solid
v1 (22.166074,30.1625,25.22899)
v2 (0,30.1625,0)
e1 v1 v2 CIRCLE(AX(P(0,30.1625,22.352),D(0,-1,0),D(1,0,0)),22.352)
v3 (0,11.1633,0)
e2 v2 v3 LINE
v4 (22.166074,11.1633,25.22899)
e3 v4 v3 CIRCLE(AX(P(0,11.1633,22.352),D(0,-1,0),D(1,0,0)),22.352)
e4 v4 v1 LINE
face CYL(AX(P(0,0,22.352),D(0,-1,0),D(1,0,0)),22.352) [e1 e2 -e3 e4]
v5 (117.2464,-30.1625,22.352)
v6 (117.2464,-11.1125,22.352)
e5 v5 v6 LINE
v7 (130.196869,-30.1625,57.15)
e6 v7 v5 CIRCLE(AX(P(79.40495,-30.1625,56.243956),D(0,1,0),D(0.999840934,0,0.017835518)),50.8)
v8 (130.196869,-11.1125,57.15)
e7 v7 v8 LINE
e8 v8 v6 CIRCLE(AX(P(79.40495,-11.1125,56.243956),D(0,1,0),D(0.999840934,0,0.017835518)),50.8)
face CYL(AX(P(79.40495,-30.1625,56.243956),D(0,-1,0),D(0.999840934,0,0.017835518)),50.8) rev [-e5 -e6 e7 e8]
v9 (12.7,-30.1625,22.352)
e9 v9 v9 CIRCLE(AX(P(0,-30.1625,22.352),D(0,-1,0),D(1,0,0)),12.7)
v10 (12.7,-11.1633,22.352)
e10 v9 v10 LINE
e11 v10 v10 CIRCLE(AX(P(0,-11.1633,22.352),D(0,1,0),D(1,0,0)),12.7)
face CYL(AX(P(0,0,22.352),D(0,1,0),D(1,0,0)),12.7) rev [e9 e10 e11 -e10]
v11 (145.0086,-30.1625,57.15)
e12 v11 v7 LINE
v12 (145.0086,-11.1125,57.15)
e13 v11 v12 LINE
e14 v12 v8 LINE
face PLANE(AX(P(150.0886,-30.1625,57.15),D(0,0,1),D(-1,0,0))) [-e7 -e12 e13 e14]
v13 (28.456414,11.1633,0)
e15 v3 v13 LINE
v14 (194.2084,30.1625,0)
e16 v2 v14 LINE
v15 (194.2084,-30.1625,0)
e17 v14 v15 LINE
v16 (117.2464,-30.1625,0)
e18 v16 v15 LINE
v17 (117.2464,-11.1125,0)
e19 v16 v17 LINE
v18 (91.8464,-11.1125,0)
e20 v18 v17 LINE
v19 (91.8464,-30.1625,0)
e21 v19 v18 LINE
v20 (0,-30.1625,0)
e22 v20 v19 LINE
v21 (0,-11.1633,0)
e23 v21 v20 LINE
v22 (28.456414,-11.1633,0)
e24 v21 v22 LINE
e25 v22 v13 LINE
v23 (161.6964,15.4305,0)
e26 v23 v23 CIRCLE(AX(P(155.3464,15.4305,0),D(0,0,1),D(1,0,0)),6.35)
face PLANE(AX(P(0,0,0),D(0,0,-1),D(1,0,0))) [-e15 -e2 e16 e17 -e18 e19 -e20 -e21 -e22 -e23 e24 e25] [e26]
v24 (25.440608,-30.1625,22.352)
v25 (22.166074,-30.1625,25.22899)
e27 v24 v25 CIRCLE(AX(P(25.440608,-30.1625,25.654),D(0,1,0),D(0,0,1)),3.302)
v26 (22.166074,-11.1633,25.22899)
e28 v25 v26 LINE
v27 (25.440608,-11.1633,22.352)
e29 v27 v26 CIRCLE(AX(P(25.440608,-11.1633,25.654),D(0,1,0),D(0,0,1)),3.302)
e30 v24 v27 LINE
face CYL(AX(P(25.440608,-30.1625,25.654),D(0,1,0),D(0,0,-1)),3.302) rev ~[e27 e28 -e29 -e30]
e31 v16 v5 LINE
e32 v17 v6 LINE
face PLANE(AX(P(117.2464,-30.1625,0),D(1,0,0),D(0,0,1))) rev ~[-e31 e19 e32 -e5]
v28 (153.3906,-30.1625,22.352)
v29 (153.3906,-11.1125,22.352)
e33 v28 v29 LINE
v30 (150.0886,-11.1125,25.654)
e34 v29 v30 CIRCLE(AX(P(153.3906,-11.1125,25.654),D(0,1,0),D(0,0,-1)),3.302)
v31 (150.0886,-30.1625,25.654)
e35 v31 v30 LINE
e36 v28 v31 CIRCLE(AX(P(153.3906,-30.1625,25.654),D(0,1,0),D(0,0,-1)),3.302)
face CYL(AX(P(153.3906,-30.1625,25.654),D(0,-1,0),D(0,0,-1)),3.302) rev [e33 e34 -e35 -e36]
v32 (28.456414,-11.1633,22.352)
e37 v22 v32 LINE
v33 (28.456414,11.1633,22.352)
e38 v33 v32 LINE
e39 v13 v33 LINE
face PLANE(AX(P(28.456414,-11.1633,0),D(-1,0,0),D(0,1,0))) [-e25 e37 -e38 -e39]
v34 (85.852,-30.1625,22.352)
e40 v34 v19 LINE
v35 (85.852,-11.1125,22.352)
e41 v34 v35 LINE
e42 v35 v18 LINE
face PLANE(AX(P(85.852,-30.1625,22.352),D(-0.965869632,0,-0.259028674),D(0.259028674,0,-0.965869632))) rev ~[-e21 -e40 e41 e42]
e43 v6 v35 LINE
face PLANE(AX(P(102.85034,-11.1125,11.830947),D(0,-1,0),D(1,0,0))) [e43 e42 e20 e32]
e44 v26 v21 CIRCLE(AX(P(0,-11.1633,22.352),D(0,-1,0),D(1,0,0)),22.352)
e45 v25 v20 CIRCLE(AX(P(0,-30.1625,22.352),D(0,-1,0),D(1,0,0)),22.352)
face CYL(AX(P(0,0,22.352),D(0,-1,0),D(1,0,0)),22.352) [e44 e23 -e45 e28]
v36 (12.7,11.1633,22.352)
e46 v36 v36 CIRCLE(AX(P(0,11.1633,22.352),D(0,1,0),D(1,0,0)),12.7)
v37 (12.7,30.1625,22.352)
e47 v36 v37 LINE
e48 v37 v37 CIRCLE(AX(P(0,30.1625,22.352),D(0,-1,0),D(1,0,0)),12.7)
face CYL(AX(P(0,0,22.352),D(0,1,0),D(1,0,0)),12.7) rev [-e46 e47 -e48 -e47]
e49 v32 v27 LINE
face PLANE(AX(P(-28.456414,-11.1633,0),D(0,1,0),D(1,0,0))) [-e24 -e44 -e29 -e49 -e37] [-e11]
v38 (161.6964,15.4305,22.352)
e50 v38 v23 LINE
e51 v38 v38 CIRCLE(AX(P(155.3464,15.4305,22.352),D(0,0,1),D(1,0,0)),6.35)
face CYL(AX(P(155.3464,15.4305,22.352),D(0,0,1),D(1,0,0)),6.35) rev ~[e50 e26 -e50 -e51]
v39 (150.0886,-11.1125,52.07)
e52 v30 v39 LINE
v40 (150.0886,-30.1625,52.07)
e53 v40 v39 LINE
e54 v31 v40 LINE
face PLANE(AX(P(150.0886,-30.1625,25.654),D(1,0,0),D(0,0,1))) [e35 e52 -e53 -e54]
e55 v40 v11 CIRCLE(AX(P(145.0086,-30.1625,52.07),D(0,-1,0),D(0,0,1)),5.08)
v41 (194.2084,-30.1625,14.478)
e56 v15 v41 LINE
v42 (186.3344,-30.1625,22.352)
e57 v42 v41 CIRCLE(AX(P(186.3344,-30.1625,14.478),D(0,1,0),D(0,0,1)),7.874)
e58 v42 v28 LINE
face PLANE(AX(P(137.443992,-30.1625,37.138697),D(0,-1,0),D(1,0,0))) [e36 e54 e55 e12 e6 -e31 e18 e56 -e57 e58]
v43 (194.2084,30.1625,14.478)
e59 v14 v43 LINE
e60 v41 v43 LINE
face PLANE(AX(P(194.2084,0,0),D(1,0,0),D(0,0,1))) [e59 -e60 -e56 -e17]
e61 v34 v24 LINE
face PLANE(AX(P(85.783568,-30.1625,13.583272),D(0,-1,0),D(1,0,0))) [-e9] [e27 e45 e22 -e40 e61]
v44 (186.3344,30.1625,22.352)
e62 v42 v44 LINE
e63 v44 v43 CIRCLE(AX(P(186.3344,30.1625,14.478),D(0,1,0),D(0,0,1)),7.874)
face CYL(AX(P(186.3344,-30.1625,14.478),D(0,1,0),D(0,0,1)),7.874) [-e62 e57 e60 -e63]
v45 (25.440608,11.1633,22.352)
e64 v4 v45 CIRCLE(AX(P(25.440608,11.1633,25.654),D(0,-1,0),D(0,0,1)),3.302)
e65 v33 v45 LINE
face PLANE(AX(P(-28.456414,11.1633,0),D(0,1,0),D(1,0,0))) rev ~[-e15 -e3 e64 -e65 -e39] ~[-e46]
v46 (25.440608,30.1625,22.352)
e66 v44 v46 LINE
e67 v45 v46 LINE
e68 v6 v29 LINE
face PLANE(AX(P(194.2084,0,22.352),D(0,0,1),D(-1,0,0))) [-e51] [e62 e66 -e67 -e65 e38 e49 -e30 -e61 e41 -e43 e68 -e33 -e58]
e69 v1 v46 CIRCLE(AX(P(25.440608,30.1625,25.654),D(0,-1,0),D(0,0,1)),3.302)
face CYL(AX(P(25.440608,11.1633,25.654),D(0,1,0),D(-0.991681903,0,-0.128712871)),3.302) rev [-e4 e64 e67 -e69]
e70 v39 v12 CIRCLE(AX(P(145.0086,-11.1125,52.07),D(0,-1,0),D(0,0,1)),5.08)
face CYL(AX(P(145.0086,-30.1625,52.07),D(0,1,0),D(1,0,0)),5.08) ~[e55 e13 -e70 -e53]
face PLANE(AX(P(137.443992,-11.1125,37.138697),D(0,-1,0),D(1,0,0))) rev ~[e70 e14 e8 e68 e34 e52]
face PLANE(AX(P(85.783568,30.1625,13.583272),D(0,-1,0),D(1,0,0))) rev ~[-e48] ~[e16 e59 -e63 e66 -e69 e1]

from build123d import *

# Parameters (mm, degrees)
F0_R      = 12.7
F1_DEPTH  = 30.1625
F2_W      = 56.912827603
F2_H      = 22.3266
F3_DEPTH  = 44.705
F4_R      = 3.302
F5_R      = 3.302
F6_R      = 6.35
F7_DEPTH  = 22.353
F9_DEPTH  = 19.05
F11_DEPTH = 19.05
F12_R     = 7.874
F13_R     = 5.08


with BuildPart() as f1:
    # F0 (on Front) → F1 (new body, symmetric)
    with BuildSketch(Plane.XZ):
        with BuildLine():
            ThreePointArc((22.352, 22.352), (-15.8052507731, 38.1572507731), (0, 0))
            Line((0, 0), (194.2084, 0))
            Line((194.2084, 0), (194.2084, 22.352))
            Line((194.2084, 22.352), (22.352, 22.352))
        make_face()
        with Locations((0, 22.352)):
            Circle(F0_R, mode=Mode.SUBTRACT)
    extrude(amount=F1_DEPTH, both=True)

    # F2 (on Top) → F3 (cut, through all)
    with BuildSketch(Plane.XY):
        Rectangle(F2_W, F2_H)
    extrude(amount=F3_DEPTH, mode=Mode.SUBTRACT)

    # F4
    f4_edges = [f1.edges().sort_by_distance(p)[0] for p in [
        (22.352, 20.6629, 22.352),
    ]]
    fillet(f4_edges, radius=F4_R)

    # F5
    f5_edges = [f1.edges().sort_by_distance(p)[0] for p in [
        (22.352, -20.6629, 22.352),
    ]]
    fillet(f5_edges, radius=F5_R)

    # F6 (on face) → F7 (cut, through all)
    with BuildSketch(Plane.XY.offset(22.352)):
        with Locations((155.3464, 15.4305)):
            Circle(F6_R)
    extrude(amount=-F7_DEPTH, mode=Mode.SUBTRACT)

    # F8 (on face) → F9 (cut)
    with BuildSketch(Plane.XZ.offset(30.1625)):
        Polygon((117.2464, 0), (117.2464, 22.352), (85.852, 22.352), (91.8464, 0), align=None)
    extrude(amount=-F9_DEPTH, mode=Mode.SUBTRACT)

    # F10 (on face) → F11 (join)
    with BuildSketch(Plane.XZ.offset(30.1625)):
        with BuildLine():
            ThreePointArc((130.1968694519, 57.15), (127.0147572456, 38.5254271914), (117.2464, 22.352))
            Line((117.2464, 22.352), (150.0886, 22.352))
            Line((150.0886, 22.352), (153.3906, 22.352))
            ThreePointArc((153.3906, 22.352), (151.0557334085, 23.3191334085), (150.0886, 25.654))
            Line((150.0886, 25.654), (150.0886, 57.15))
            Line((150.0886, 57.15), (130.1968694519, 57.15))
        make_face()
    extrude(amount=-F11_DEPTH)

    # F12
    f12_edges = [f1.edges().sort_by_distance(p)[0] for p in [
        (194.2084, 0, 22.352),
    ]]
    fillet(f12_edges, radius=F12_R)

    # F13
    f13_edges = [f1.edges().sort_by_distance(p)[0] for p in [
        (150.0886, -20.6375, 57.15),
    ]]
    fillet(f13_edges, radius=F13_R)


solid = f1.part
